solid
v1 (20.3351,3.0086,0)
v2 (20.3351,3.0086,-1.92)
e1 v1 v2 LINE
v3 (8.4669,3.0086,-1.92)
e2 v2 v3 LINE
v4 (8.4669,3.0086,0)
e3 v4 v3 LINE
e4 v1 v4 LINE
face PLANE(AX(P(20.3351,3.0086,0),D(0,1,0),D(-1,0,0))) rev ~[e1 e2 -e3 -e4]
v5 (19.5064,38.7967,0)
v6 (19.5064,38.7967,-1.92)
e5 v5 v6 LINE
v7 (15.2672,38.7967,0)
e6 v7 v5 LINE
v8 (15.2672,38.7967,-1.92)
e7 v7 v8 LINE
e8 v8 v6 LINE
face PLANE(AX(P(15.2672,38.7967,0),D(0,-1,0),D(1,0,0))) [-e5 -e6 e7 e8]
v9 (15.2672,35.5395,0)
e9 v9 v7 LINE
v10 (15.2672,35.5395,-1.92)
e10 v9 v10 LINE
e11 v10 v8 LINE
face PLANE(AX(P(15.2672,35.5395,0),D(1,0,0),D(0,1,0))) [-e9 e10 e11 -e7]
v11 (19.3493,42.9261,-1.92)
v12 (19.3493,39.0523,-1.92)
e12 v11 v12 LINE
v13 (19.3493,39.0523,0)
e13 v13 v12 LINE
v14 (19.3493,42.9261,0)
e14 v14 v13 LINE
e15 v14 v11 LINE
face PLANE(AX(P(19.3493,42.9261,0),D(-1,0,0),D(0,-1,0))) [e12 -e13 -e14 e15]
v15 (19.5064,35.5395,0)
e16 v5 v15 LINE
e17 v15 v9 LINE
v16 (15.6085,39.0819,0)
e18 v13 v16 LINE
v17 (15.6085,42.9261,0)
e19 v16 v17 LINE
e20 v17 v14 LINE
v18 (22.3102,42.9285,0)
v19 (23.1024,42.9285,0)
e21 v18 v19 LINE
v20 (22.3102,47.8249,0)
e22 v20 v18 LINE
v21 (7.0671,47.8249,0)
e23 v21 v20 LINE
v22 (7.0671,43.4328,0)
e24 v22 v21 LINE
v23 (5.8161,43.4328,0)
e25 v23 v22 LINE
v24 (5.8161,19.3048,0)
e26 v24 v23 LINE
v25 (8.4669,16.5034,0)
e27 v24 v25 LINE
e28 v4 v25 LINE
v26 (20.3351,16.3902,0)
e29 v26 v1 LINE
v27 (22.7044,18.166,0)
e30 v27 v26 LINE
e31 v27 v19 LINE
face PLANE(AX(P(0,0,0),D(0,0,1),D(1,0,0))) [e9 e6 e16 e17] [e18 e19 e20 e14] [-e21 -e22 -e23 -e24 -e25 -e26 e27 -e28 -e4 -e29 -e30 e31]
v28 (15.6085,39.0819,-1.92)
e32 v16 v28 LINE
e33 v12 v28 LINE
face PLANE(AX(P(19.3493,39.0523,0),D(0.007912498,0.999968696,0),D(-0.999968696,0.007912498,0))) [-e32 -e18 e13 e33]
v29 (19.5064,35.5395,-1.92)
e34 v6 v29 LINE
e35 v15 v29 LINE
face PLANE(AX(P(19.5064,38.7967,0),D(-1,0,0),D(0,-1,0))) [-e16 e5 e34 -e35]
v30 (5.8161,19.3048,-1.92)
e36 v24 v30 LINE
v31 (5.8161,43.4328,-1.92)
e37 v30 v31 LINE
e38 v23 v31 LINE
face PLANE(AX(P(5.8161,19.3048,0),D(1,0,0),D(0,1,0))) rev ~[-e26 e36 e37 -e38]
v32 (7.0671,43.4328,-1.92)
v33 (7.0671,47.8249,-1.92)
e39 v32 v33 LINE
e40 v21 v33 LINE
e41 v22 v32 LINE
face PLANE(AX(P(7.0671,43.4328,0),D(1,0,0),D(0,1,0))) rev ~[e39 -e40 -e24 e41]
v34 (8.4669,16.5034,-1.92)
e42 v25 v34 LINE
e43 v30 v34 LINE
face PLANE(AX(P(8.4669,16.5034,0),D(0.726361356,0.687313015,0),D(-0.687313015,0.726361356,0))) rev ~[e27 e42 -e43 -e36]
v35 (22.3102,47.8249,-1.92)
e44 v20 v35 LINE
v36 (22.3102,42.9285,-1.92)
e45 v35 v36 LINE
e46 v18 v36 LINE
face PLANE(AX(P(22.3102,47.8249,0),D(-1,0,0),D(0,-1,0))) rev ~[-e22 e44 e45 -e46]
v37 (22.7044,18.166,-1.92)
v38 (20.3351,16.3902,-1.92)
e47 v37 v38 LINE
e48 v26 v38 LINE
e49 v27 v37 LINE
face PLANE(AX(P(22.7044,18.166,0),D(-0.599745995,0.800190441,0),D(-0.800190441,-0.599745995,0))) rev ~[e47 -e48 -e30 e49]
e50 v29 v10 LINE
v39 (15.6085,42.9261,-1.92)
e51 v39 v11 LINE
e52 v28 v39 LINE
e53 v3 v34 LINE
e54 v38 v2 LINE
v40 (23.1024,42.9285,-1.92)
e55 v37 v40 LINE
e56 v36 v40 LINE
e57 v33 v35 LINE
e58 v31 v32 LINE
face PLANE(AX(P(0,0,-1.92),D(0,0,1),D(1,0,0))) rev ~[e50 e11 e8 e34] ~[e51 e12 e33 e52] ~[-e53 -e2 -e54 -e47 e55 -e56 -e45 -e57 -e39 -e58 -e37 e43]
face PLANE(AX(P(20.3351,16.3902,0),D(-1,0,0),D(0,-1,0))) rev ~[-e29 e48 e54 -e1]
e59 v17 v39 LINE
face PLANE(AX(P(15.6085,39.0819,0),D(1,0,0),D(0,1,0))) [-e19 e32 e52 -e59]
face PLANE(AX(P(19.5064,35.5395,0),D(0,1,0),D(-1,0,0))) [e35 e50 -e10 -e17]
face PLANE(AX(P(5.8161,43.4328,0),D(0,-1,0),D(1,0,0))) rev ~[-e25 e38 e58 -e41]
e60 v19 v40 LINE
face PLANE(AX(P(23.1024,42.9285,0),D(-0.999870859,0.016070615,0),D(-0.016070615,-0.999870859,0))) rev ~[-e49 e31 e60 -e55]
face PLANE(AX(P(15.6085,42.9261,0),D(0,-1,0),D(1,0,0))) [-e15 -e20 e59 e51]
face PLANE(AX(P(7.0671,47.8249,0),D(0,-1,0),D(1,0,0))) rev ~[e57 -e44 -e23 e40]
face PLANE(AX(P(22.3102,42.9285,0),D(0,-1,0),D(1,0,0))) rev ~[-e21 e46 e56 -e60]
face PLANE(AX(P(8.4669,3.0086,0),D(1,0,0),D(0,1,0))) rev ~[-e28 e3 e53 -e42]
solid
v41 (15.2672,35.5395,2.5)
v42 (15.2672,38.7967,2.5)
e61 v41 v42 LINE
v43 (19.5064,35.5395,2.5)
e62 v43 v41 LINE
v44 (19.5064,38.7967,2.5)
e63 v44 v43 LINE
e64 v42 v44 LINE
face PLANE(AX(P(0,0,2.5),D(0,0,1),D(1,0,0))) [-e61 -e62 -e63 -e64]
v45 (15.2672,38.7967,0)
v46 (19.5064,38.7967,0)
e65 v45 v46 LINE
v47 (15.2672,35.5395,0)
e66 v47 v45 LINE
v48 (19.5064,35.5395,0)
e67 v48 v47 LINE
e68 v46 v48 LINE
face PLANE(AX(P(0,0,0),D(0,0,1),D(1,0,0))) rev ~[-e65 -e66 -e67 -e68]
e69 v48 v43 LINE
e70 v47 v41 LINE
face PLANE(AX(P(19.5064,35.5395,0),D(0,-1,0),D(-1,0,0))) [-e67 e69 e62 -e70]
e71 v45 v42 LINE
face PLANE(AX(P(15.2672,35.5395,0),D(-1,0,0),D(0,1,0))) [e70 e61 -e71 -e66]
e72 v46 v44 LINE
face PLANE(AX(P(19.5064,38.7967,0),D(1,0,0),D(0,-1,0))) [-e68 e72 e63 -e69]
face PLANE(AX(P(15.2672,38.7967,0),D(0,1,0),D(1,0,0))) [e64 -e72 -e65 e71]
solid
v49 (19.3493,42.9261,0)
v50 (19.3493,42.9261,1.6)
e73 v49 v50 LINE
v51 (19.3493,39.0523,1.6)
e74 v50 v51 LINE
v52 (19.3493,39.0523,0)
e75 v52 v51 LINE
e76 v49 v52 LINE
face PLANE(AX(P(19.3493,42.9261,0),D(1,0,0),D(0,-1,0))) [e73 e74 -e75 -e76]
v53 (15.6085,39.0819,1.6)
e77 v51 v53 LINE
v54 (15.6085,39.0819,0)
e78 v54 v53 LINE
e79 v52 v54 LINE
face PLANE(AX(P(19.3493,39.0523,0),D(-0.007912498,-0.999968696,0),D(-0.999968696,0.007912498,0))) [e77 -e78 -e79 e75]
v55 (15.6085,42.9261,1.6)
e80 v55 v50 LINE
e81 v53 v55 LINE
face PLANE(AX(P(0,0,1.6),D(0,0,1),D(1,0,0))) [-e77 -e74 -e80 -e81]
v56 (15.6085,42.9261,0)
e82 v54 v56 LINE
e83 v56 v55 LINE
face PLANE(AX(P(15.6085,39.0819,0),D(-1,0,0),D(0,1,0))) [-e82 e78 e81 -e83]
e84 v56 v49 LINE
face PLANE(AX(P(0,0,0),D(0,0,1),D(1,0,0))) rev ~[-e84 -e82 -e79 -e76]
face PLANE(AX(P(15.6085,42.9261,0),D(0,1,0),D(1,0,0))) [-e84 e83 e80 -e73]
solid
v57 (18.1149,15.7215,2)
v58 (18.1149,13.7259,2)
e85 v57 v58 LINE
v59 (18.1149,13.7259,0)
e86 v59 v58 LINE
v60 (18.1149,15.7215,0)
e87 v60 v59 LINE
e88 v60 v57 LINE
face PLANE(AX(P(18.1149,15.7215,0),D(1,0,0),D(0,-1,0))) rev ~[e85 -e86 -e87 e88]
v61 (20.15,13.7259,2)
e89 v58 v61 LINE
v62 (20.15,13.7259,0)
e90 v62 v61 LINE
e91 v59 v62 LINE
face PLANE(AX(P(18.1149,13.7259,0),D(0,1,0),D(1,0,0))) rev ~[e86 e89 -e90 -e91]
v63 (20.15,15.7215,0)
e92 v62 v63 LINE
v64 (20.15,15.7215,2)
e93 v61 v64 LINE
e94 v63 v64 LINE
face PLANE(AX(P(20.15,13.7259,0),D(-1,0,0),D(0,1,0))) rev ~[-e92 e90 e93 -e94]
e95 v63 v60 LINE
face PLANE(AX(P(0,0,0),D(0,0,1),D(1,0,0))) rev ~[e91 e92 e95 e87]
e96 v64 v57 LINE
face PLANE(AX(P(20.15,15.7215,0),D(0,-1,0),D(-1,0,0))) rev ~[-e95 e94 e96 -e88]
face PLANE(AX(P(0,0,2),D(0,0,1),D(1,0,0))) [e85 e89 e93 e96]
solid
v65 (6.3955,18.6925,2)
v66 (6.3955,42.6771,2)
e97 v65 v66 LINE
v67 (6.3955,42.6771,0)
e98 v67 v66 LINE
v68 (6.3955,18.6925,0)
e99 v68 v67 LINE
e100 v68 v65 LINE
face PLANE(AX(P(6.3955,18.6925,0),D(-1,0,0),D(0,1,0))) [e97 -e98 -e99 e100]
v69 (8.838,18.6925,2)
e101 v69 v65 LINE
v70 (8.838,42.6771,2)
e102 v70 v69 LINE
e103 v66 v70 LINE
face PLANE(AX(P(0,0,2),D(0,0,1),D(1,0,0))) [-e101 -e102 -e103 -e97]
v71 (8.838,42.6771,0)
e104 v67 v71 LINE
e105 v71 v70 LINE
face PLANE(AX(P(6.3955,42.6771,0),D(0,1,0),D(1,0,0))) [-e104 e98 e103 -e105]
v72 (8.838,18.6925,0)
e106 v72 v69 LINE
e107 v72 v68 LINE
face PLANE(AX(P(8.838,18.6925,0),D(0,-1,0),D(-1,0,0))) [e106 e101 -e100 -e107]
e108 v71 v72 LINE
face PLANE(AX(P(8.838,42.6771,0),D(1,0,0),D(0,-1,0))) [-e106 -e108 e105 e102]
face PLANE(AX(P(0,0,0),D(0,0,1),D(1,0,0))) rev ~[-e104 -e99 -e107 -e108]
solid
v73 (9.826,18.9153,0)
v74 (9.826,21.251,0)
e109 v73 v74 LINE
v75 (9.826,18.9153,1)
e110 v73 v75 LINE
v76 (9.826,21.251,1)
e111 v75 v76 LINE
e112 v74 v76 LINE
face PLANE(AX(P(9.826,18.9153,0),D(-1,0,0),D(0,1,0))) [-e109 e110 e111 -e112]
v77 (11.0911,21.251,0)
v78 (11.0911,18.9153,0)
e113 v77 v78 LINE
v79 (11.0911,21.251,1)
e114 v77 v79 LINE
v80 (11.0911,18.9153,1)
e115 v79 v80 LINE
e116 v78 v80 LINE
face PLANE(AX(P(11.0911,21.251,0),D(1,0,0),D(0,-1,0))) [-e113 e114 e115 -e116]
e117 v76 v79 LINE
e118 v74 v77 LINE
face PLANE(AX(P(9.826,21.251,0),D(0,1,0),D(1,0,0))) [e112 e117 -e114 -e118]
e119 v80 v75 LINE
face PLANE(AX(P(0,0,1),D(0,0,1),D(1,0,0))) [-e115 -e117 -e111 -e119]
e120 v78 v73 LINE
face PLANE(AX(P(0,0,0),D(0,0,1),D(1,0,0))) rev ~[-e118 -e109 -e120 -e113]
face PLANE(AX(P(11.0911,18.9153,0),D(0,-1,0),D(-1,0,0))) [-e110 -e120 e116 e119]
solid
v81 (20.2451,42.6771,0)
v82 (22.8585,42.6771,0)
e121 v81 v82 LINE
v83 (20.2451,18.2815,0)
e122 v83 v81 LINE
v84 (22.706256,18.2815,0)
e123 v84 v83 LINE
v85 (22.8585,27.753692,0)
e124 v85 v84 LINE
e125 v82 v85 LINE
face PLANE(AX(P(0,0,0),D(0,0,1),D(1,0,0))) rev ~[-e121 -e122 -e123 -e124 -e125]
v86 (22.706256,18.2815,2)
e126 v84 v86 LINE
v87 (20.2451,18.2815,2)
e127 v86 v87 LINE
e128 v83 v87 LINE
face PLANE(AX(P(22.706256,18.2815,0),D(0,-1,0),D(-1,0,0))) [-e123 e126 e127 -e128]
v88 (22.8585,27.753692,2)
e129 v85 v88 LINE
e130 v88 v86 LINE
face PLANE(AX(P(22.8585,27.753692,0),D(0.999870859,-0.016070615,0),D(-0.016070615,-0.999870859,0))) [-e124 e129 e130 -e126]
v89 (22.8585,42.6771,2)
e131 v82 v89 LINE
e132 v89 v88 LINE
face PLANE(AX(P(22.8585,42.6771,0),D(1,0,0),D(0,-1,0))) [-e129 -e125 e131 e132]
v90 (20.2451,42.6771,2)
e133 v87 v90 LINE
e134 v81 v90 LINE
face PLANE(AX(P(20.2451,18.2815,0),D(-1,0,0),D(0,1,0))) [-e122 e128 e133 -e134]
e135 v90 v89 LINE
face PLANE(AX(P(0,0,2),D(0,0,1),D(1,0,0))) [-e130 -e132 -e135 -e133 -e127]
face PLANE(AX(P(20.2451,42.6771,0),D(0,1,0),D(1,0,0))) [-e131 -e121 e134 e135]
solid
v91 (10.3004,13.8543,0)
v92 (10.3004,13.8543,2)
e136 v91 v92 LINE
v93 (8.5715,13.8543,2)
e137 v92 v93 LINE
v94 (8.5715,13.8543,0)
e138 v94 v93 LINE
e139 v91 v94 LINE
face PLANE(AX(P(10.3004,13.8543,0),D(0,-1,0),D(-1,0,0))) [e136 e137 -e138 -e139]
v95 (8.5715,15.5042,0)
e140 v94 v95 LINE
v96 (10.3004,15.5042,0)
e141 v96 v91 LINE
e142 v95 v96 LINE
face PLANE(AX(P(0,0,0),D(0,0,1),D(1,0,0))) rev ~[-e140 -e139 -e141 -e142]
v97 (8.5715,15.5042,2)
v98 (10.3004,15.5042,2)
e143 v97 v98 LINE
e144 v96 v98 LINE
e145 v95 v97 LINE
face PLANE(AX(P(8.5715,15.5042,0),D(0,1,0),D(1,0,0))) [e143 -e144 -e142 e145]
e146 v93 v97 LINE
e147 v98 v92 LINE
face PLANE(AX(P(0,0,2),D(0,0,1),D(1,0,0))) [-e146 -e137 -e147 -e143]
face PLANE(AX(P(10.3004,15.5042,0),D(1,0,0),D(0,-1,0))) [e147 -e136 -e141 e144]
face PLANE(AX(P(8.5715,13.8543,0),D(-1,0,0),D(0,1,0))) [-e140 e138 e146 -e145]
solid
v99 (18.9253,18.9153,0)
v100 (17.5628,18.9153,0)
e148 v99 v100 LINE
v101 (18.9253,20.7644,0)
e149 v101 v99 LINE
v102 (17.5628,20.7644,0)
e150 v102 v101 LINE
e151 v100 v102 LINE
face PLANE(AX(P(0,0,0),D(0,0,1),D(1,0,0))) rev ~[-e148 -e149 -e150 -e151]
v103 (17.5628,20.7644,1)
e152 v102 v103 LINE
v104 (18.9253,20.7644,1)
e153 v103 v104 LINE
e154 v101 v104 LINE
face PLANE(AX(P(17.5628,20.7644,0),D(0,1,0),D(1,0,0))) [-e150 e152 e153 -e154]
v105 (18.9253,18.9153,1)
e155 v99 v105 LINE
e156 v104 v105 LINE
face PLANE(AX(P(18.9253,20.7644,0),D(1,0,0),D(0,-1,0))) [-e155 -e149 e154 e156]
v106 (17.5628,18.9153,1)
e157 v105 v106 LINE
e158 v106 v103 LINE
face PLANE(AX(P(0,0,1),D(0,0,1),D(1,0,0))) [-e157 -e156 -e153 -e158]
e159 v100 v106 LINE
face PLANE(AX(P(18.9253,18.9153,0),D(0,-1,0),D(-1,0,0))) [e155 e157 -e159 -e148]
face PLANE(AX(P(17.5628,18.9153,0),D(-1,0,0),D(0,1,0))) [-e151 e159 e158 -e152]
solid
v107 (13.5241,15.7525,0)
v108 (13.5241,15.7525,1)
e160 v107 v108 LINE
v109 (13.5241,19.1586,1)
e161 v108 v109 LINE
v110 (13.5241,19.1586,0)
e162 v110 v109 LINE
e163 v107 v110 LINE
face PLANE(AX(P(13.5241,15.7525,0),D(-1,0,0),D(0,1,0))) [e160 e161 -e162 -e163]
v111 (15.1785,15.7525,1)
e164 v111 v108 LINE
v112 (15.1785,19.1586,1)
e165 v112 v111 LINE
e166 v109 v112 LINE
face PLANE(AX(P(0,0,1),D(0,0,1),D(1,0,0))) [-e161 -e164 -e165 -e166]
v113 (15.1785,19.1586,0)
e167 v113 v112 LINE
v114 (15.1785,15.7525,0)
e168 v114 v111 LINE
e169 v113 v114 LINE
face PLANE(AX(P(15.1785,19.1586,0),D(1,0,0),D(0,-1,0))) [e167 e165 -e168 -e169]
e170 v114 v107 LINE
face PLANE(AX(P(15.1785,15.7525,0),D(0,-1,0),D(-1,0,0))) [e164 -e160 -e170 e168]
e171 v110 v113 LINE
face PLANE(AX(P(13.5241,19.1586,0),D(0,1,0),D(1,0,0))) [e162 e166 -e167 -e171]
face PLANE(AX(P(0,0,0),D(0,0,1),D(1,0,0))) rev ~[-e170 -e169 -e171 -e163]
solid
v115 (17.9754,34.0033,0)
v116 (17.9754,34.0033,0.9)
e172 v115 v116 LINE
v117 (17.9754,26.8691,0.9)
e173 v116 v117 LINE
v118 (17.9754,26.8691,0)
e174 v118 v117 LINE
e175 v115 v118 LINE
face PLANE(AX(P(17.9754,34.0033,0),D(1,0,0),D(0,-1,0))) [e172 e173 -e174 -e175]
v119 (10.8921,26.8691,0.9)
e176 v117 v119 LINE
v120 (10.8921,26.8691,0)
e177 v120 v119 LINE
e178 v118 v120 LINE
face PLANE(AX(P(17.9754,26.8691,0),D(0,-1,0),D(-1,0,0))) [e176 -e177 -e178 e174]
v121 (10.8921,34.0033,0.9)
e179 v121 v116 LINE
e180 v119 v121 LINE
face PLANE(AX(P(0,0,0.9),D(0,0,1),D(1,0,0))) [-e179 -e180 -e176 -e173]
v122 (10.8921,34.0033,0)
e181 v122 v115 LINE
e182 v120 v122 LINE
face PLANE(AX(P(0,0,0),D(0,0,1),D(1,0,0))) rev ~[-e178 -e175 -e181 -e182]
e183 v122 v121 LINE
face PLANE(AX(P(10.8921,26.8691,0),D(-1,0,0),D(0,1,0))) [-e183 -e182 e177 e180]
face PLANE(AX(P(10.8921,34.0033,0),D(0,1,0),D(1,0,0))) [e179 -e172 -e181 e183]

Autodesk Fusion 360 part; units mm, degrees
sketch "Sketch1" plane through (0, 0, 0) normal (0, 0, 1) x (1, 0, 0)
  line L0 (7.0671, 47.8249) -> (22.3102, 47.8249)
  line L1 (22.3102, 47.8249) -> (22.3102, 42.9285)
  line L2 (22.3102, 42.9285) -> (23.1024, 42.9285)
  line L3 (23.1024, 42.9285) -> (22.7044, 18.166)
  line L4 (22.7044, 18.166) -> (20.3351, 16.3902)
  line L5 (20.3351, 16.3902) -> (20.3351, 3.0086)
  line L6 (20.3351, 3.0086) -> (8.4669, 3.0086)
  line L7 (8.4669, 3.0086) -> (8.4669, 16.5034)
  line L8 (8.4669, 16.5034) -> (5.8161, 19.3048)
  line L9 (5.8161, 19.3048) -> (5.8161, 43.4328)
  line L10 (5.8161, 43.4328) -> (7.0671, 43.4328)
  line L11 (7.0671, 43.4328) -> (7.0671, 47.8249)
  line L12 (15.2672, 35.5395) -> (15.2672, 38.7967)
  line L13 (15.2672, 38.7967) -> (19.5064, 38.7967)
  line L14 (19.5064, 38.7967) -> (19.5064, 35.5395)
  line L15 (19.5064, 35.5395) -> (15.2672, 35.5395)
  line L16 (15.6085, 39.0819) -> (15.6085, 42.9261)
  line L17 (15.6085, 42.9261) -> (19.3493, 42.9261)
  line L18 (19.3493, 42.9261) -> (19.3493, 39.0523)
  line L19 (19.3493, 39.0523) -> (15.6085, 39.0819)
  line L20 (10.8921, 34.0033) -> (17.9754, 34.0033)
  line L21 (17.9754, 34.0033) -> (17.9754, 26.8691)
  line L22 (17.9754, 26.8691) -> (10.8921, 26.8691)
  line L23 (10.8921, 26.8691) -> (10.8921, 34.0033)
  line L24 (13.5241, 19.1586) -> (15.1785, 19.1586)
  line L25 (15.1785, 19.1586) -> (15.1785, 15.7525)
  line L26 (15.1785, 15.7525) -> (13.5241, 15.7525)
  line L27 (13.5241, 15.7525) -> (13.5241, 19.1586)
  line L28 (9.826, 21.251) -> (11.0911, 21.251)
  line L29 (11.0911, 21.251) -> (11.0911, 18.9153)
  line L30 (11.0911, 18.9153) -> (9.826, 18.9153)
  line L31 (9.826, 18.9153) -> (9.826, 21.251)
  line L32 (17.5628, 20.7644) -> (18.9253, 20.7644)
  line L33 (18.9253, 20.7644) -> (18.9253, 18.9153)
  line L34 (18.9253, 18.9153) -> (17.5628, 18.9153)
  line L35 (17.5628, 18.9153) -> (17.5628, 20.7644)
  line L36 (6.3955, 42.6771) -> (8.838, 42.6771)
  line L37 (8.838, 42.6771) -> (8.838, 18.6925)
  line L38 (8.838, 18.6925) -> (6.3955, 18.6925)
  line L39 (6.3955, 18.6925) -> (6.3955, 42.6771)
  line L40 (20.2451, 42.6771) -> (22.8585, 42.6771)
  line L41 (22.8585, 42.6771) -> (22.8585, 18.2815)
  line L42 (22.8585, 18.2815) -> (20.2451, 18.2815)
  line L43 (20.2451, 18.2815) -> (20.2451, 42.6771)
  line L44 (8.5715, 15.5042) -> (10.3004, 15.5042)
  line L45 (10.3004, 15.5042) -> (10.3004, 13.8543)
  line L46 (10.3004, 13.8543) -> (8.5715, 13.8543)
  line L47 (8.5715, 13.8543) -> (8.5715, 15.5042)
  line L48 (20.15, 15.7215) -> (18.1149, 15.7215)
  line L49 (18.1149, 15.7215) -> (18.1149, 13.7259)
  line L50 (18.1149, 13.7259) -> (20.15, 13.7259)
  line L51 (20.15, 13.7259) -> (20.15, 15.7215)
extrude "Extrude13" add sketch "Sketch1" along normal blind 2 contours L44 L45 L46 L47 | L48 L49 L50 L51 makes body 1 at (9.1478, 15.5042, 0.6667) makes body 2 at (18.7933, 13.7259, 0.6667)
extrude "Extrude12" add sketch "Sketch1" along normal blind 2 separate body contours L36 L37 L38 L39 | L3 L40 L41 L42 L43 makes body 3 at (7.2097, 34.6822, 0) makes body 4 at (21.1163, 29.5705, 0)
extrude "Extrude11" add sketch "Sketch1" along normal blind 1 separate body contours L28 L29 L30 L31 | L32 L33 L34 L35 makes body 5 at (10.6694, 19.6939, 0) makes body 6 at (18.017, 20.148, 0)
extrude "Extrude10" add sketch "Sketch1" along normal blind 1 separate body contours L24 L25 L26 L27 makes body 7
extrude "Extrude9" add sketch "Sketch1" along normal blind 0.9 separate body contours L20 L21 L22 L23 makes body 8
extrude "Extrude6" add sketch "Sketch1" along normal blind 1.6 separate body contours L16 L17 L18 L19 makes body 9
extrude "Extrude7" add sketch "Sketch1" along normal blind 2.5 separate body contours L12 L13 L14 L15 makes body 10
extrude "Extrude8" add sketch "Sketch1" against normal blind 1.92 separate body contours L36 L37 L38 L39 | L0 L1 L2 L3 L4 L5 L6 L7 L8 L9 L10 L11 L40 L41 L42 L43 | L3 L40 L41 L42 L43 | L20 L21 L22 L23 | L24 L25 L26 L27 | L28 L29 L30 L31 | L32 L33 L34 L35 | L44 L45 L46 L47 | L48 L49 L50 L51 makes body 11
